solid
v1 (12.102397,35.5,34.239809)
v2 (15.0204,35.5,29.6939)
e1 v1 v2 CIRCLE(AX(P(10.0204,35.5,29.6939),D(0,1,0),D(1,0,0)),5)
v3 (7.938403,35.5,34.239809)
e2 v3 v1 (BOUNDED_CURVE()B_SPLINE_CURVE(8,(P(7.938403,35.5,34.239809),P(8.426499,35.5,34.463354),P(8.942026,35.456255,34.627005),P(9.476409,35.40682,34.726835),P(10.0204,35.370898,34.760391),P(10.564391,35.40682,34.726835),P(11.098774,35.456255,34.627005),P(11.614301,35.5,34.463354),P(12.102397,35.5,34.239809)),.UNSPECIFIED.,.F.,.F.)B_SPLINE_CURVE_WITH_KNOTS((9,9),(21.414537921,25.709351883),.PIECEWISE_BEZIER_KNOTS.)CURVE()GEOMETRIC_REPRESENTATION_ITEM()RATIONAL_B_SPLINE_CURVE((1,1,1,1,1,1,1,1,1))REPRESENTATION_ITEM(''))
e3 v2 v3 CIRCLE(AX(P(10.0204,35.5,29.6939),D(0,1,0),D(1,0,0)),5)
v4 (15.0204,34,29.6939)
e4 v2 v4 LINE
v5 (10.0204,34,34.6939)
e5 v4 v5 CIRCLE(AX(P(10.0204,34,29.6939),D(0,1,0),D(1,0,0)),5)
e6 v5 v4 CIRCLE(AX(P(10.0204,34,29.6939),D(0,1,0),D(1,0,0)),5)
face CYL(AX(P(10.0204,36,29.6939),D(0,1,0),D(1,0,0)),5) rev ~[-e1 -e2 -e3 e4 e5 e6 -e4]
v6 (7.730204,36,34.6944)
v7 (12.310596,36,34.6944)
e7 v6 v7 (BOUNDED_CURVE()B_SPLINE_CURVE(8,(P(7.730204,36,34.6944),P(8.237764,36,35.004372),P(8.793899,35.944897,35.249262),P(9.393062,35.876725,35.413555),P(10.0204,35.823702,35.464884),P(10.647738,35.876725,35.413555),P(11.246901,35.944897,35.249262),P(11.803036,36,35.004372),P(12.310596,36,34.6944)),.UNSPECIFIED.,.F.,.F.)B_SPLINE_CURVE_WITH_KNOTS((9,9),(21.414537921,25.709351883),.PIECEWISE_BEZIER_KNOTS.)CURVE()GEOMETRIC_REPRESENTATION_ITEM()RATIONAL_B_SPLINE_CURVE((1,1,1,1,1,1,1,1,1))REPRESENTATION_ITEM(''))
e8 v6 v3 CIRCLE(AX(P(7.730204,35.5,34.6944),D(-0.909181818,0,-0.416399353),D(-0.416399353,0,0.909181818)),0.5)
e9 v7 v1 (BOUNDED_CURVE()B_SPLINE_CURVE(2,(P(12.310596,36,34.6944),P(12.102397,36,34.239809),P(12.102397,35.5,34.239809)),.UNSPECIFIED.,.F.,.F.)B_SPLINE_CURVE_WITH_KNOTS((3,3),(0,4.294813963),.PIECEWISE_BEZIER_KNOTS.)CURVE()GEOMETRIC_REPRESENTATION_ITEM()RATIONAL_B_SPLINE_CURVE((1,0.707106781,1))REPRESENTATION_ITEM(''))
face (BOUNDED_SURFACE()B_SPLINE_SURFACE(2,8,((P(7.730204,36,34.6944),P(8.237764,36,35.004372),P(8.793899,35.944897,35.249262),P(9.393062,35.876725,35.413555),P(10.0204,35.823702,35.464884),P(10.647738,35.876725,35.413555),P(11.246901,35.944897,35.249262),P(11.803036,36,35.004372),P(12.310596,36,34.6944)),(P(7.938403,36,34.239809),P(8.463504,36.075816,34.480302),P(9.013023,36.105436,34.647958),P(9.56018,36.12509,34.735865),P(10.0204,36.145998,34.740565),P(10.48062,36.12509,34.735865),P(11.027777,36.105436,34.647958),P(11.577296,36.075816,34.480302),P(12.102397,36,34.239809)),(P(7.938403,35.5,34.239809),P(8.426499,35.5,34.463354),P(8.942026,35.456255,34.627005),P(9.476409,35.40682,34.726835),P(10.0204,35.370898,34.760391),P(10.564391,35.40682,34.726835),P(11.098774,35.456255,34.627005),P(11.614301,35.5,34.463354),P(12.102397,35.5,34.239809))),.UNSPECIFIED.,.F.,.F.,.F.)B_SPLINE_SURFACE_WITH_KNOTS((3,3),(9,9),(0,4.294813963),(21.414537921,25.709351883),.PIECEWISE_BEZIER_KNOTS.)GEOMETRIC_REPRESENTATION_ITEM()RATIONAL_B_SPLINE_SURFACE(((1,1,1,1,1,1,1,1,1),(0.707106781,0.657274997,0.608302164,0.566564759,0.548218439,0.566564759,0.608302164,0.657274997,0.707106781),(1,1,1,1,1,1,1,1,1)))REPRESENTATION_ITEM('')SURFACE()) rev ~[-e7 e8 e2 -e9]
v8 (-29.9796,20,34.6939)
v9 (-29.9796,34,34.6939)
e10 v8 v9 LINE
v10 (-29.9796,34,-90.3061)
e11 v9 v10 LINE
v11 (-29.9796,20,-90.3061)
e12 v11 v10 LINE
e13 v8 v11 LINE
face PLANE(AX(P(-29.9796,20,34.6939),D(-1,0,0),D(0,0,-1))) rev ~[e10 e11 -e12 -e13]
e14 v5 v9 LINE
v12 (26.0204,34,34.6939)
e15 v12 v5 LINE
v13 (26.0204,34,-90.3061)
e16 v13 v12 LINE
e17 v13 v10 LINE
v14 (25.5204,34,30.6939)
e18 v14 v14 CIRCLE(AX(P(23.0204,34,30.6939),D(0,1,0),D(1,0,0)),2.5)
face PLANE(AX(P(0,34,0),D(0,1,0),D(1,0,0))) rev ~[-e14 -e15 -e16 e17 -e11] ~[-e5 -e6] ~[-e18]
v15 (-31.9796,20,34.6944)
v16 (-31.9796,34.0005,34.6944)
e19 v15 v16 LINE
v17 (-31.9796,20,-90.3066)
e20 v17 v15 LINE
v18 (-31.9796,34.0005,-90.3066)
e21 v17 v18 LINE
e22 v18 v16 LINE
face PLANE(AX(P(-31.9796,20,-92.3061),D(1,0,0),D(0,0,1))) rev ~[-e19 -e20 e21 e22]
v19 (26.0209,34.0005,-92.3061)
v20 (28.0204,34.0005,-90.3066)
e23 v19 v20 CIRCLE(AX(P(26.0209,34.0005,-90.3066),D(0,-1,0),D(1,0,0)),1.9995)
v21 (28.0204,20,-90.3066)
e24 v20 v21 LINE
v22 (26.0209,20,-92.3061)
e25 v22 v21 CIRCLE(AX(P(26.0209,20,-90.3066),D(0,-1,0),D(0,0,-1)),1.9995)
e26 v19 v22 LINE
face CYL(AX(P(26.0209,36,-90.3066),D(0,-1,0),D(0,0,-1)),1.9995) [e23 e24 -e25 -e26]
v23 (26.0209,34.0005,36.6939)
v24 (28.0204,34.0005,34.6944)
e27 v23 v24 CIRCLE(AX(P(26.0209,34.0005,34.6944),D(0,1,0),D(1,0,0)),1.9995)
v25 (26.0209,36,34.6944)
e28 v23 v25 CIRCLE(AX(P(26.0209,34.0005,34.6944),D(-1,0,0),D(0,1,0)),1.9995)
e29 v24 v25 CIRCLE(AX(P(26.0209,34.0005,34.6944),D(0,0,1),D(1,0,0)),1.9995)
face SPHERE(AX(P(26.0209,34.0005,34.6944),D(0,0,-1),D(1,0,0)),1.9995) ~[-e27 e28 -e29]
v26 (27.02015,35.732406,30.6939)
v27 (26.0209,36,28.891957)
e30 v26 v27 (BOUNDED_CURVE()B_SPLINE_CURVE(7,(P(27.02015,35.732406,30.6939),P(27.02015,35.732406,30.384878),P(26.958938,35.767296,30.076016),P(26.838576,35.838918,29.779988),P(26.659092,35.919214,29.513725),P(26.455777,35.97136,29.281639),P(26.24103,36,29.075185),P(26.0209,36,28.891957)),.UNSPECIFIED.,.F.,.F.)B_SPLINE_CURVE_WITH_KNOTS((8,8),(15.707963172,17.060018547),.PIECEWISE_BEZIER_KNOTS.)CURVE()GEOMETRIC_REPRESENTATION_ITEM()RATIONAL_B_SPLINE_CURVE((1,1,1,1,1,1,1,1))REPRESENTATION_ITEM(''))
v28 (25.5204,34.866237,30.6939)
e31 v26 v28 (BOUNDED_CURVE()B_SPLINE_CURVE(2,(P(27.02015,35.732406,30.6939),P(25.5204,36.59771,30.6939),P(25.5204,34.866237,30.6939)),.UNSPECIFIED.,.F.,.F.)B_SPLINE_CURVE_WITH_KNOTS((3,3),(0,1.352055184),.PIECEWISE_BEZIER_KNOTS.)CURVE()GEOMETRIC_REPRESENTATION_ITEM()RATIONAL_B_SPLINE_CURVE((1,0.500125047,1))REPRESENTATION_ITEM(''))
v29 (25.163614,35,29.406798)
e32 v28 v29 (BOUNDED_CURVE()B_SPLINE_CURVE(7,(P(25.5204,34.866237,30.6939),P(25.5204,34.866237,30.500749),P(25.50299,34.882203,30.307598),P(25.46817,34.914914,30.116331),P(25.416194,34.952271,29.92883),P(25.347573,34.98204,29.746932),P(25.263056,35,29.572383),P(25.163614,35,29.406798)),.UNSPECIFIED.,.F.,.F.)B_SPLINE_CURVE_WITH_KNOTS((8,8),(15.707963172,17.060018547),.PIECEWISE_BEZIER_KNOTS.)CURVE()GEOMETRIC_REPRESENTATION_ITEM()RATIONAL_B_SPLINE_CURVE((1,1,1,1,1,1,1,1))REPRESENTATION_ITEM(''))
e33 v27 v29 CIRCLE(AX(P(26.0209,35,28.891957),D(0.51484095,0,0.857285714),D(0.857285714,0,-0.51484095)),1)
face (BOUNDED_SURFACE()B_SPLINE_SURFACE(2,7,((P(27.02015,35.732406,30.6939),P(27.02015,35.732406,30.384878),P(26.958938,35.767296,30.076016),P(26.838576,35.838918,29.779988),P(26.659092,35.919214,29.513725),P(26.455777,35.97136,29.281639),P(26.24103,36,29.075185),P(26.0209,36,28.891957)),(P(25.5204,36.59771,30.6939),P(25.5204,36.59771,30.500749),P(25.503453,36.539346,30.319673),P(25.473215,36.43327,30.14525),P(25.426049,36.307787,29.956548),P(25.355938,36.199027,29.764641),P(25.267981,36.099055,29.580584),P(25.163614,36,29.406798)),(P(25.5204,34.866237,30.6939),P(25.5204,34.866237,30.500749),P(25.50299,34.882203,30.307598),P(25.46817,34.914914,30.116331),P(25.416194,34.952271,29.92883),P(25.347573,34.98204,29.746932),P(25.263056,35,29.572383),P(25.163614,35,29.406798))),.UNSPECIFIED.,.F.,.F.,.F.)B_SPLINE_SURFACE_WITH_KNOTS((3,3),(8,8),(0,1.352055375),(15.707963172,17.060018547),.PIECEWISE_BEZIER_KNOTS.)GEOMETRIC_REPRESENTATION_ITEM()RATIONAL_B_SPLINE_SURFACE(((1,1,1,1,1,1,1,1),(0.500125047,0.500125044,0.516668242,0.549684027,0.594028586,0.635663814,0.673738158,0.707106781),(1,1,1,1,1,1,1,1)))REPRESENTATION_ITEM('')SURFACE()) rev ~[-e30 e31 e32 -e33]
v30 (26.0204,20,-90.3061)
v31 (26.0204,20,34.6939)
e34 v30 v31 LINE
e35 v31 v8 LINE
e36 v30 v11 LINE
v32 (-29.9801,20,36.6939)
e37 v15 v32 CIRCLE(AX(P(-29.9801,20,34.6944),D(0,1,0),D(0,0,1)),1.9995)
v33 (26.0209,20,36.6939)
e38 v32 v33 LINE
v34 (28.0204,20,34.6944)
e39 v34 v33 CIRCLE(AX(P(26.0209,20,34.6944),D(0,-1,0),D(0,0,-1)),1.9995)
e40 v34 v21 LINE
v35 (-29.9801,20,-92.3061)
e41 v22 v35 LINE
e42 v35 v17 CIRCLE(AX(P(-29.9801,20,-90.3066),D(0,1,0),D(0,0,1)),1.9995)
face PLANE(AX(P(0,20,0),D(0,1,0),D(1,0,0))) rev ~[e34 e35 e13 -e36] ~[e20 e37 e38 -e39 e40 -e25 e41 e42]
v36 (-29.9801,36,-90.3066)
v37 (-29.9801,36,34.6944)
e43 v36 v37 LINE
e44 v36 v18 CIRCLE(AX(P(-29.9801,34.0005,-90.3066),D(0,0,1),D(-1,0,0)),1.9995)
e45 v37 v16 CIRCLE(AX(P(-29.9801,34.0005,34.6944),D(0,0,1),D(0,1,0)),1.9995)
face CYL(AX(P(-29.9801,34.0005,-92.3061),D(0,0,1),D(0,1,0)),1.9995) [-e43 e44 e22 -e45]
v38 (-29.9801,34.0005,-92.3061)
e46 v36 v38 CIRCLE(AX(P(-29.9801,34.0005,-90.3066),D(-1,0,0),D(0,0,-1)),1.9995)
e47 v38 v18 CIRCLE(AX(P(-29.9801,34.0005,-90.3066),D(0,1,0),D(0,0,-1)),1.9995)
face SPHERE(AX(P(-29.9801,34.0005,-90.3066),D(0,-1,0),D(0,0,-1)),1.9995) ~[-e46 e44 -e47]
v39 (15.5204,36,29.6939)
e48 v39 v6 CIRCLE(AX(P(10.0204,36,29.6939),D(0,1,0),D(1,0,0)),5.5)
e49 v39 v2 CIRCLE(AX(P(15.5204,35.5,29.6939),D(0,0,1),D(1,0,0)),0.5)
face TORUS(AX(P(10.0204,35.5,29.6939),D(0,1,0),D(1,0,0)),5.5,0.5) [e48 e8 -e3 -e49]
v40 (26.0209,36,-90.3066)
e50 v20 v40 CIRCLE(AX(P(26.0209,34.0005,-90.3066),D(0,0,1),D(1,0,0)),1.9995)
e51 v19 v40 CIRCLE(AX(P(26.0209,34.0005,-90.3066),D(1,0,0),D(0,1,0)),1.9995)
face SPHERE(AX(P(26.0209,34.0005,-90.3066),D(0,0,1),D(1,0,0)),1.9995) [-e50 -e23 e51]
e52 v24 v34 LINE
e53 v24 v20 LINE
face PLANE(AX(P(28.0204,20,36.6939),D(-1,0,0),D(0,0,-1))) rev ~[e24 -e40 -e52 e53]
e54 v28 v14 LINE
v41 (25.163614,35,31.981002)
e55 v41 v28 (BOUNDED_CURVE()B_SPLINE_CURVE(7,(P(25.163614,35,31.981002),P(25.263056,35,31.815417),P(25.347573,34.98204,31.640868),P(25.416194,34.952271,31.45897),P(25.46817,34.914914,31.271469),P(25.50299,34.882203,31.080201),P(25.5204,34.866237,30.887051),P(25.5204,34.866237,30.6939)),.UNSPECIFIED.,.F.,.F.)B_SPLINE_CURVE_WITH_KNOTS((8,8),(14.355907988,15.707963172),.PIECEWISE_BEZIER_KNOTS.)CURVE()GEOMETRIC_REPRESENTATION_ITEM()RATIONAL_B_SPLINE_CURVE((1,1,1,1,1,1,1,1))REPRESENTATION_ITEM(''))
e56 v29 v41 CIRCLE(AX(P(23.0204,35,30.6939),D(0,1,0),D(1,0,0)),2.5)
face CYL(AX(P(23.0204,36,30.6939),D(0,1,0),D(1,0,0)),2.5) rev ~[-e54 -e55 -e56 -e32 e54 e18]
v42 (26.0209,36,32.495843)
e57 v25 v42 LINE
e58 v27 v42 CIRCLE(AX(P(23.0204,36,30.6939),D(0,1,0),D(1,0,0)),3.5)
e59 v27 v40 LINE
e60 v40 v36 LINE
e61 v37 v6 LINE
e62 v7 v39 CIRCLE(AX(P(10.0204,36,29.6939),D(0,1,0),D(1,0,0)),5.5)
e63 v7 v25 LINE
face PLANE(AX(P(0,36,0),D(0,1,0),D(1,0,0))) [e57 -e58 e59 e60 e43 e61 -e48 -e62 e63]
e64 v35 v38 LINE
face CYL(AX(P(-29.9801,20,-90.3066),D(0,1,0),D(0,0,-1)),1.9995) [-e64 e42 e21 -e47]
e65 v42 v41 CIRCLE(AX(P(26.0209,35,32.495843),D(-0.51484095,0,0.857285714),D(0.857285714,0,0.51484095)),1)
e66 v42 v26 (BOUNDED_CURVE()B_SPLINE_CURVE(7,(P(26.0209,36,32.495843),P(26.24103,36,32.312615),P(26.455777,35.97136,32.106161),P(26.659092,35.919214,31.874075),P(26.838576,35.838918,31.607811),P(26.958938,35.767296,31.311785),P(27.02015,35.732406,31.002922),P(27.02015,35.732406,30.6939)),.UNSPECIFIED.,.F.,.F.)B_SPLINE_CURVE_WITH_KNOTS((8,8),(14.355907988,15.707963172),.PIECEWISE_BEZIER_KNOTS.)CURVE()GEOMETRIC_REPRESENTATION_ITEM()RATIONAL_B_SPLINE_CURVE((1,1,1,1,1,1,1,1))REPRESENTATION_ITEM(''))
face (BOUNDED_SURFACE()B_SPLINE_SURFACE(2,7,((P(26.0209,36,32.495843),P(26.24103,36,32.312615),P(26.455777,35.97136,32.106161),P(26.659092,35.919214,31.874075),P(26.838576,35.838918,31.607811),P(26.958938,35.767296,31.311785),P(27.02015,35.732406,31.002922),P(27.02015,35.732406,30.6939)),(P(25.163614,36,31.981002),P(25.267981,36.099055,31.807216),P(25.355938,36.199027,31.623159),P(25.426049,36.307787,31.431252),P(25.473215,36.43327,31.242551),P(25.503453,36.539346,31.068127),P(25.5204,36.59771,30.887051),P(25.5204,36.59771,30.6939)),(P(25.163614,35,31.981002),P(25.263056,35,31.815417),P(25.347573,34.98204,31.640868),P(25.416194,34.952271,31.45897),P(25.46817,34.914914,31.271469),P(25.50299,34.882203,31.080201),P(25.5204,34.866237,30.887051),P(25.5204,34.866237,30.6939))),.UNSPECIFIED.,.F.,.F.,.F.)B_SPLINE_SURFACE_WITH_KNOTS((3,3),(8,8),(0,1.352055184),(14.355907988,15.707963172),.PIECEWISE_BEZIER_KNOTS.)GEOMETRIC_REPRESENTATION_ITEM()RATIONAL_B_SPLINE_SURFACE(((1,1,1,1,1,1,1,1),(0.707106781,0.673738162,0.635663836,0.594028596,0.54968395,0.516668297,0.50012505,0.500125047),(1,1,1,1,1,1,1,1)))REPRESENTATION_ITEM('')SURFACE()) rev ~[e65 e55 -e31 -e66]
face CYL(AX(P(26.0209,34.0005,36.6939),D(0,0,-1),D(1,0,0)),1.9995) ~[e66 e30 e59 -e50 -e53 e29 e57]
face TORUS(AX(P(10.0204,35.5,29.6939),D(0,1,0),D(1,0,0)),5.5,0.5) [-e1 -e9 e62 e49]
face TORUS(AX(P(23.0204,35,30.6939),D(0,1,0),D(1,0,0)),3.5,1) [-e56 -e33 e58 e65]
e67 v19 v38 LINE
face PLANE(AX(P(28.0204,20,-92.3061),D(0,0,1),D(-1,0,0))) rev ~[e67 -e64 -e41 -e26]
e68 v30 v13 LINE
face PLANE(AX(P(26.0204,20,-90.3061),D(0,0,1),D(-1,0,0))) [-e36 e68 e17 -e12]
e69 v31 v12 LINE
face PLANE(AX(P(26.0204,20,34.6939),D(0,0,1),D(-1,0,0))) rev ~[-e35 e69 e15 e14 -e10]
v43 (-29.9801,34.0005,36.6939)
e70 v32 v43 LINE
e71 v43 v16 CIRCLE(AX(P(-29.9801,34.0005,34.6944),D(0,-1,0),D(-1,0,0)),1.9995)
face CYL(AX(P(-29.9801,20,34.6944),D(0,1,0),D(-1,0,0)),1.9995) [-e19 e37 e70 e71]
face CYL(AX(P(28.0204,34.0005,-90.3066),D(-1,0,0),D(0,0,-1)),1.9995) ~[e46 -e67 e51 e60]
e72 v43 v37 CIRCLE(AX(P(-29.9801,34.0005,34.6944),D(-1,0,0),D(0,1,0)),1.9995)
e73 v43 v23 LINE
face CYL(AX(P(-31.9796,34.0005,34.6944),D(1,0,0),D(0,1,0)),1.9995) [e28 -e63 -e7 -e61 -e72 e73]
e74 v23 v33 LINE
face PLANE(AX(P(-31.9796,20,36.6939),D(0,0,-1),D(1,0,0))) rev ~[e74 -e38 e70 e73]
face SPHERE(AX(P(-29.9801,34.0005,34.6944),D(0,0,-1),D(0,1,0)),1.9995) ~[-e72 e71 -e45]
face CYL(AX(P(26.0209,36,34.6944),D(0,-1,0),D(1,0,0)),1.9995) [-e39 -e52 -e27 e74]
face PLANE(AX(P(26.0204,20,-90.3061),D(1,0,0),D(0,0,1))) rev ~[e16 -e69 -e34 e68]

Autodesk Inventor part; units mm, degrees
ref_plane "YZ Plane" through (0, 0, 0) normal (1, 0, 0) x (0, 1, 0)
ref_plane "XZ Plane" through (0, 0, 0) normal (0, 1, 0) x (-1, 0, 0)
ref_plane "XY Plane" through (0, 0, 0) normal (0, 0, 1) x (1, 0, 0)
ref_plane "Plan de construction3" through (0, 20, 0) normal (0, 1, 0) x (1, 0, 0)
sketch "Esquisse7" plane through (0, 20, 0) normal (0, 1, 0) x (1, 0, 0)
  line L0 (-31.9796, 92.3061) -> (-31.9796, -36.6939) projected
  line L1 (28.0204, 92.3061) -> (-31.9796, 92.3061) projected
  line L2 (-31.9796, -36.6939) -> (28.0204, -36.6939)
  line L3 (28.0204, -36.6939) -> (28.0204, 92.3061)
  line L4 (28.0204, 92.3061) -> (-31.9796, 92.3061)
  line L5 (-31.9796, 92.3061) -> (-31.9796, -36.6939)
  line L6 (26.0204, 90.3061) -> (-29.9796, 90.3061) projected
  line L7 (26.0204, 90.3061) -> (26.0204, -34.6939) projected
  line L8 (-29.9796, 90.3061) -> (26.0204, 90.3061)
  line L9 (26.0204, 90.3061) -> (26.0204, -34.6939)
  line L10 (26.0204, -34.6939) -> (-29.9796, -34.6939)
  line L11 (-29.9796, -34.6939) -> (-29.9796, 90.3061)
  point P0 (0, 0)
  point P1 (6.0204, 92.3061)
extrude "Extrusion6" add sketch "Esquisse7" along normal blind 14
ref_plane "Plan de construction4" through (0, 34, 0) normal (0, 1, 0) x (1, 0, 0)
sketch "Esquisse8" plane through (0, 34, 0) normal (0, 1, 0) x (1, 0, 0)
  line L0 (-31.9796, 92.3061) -> (-31.9796, -36.6939) projected
  line L1 (28.0204, -36.6939) -> (28.0204, 92.3061) projected
  line L2 (-31.9796, -36.6939) -> (28.0204, -36.6939)
  line L3 (28.0204, -36.6939) -> (28.0204, 92.3061)
  line L4 (28.0204, 92.3061) -> (-31.9796, 92.3061)
  line L5 (-31.9796, 92.3061) -> (-31.9796, -36.6939)
  point P0 (0, 0)
extrude "Extrusion8" add sketch "Esquisse8" along normal blind 2
ref_plane "Plan de construction6" through (0, 36, 0) normal (0, 1, 0) x (1, 0, 0)
sketch "Esquisse9" plane through (0, 36, 0) normal (0, 1, 0) x (1, 0, 0)
  circle A0 centre (10.0204, -29.6939) radius 5
  line L0 (28.0204, -36.6939) -> (28.0204, 92.3061) projected
  line L1 (-31.9796, -36.6939) -> (28.0204, -36.6939) projected
  point P0 (0, 0)
  dimension "d75" = 10
  dimension "d76" = 18
  dimension "d77" = 7
extrude "Extrusion9" cut sketch "Esquisse9" against normal blind 3
ref_plane "Plan de construction5" through (0, 36, 0) normal (0, 1, 0) x (1, 0, 0)
sketch "Esquisse10" plane through (0, 36, 0) normal (0, 1, 0) x (1, 0, 0)
  circle A0 centre (23.0204, -30.6939) radius 2.5
  circle A1 centre (10.0204, -29.6939) radius 5 projected
  line L0 (-31.9796, -36.6939) -> (28.0204, -36.6939) projected
  point P0 (0, 0)
  dimension "d80" = 13
  dimension "d81" = 5
  dimension "d82" = 6
extrude "Extrusion10" cut sketch "Esquisse10" against normal blind 3 contours A0
ref_plane "Plan de construction1" through (0, 18, 0) normal (0, 1, 0) x (1, 0, 0)
ref_plane "Plan de construction2" through (0, 20, 0) normal (0, 1, 0) x (1, 0, 0)
fillet "Congé6" radius 2 8 edges at (28.0204, 36, -27.8061) (28.0204, 28, -92.3061) (28.0204, 28, 36.6939) (-31.9796, 28, -92.3061) (-1.9796, 36, -92.3061) (-31.9796, 36, -27.8061) (-1.9796, 36, 36.6939) (-31.9796, 28, 36.6939)
fillet "Congé7" radius 1 1 edges at (20.5204, 36, 30.6939)
fillet "Congé8" radius 0.5 1 edges at (5.0204, 36, 29.6939)
